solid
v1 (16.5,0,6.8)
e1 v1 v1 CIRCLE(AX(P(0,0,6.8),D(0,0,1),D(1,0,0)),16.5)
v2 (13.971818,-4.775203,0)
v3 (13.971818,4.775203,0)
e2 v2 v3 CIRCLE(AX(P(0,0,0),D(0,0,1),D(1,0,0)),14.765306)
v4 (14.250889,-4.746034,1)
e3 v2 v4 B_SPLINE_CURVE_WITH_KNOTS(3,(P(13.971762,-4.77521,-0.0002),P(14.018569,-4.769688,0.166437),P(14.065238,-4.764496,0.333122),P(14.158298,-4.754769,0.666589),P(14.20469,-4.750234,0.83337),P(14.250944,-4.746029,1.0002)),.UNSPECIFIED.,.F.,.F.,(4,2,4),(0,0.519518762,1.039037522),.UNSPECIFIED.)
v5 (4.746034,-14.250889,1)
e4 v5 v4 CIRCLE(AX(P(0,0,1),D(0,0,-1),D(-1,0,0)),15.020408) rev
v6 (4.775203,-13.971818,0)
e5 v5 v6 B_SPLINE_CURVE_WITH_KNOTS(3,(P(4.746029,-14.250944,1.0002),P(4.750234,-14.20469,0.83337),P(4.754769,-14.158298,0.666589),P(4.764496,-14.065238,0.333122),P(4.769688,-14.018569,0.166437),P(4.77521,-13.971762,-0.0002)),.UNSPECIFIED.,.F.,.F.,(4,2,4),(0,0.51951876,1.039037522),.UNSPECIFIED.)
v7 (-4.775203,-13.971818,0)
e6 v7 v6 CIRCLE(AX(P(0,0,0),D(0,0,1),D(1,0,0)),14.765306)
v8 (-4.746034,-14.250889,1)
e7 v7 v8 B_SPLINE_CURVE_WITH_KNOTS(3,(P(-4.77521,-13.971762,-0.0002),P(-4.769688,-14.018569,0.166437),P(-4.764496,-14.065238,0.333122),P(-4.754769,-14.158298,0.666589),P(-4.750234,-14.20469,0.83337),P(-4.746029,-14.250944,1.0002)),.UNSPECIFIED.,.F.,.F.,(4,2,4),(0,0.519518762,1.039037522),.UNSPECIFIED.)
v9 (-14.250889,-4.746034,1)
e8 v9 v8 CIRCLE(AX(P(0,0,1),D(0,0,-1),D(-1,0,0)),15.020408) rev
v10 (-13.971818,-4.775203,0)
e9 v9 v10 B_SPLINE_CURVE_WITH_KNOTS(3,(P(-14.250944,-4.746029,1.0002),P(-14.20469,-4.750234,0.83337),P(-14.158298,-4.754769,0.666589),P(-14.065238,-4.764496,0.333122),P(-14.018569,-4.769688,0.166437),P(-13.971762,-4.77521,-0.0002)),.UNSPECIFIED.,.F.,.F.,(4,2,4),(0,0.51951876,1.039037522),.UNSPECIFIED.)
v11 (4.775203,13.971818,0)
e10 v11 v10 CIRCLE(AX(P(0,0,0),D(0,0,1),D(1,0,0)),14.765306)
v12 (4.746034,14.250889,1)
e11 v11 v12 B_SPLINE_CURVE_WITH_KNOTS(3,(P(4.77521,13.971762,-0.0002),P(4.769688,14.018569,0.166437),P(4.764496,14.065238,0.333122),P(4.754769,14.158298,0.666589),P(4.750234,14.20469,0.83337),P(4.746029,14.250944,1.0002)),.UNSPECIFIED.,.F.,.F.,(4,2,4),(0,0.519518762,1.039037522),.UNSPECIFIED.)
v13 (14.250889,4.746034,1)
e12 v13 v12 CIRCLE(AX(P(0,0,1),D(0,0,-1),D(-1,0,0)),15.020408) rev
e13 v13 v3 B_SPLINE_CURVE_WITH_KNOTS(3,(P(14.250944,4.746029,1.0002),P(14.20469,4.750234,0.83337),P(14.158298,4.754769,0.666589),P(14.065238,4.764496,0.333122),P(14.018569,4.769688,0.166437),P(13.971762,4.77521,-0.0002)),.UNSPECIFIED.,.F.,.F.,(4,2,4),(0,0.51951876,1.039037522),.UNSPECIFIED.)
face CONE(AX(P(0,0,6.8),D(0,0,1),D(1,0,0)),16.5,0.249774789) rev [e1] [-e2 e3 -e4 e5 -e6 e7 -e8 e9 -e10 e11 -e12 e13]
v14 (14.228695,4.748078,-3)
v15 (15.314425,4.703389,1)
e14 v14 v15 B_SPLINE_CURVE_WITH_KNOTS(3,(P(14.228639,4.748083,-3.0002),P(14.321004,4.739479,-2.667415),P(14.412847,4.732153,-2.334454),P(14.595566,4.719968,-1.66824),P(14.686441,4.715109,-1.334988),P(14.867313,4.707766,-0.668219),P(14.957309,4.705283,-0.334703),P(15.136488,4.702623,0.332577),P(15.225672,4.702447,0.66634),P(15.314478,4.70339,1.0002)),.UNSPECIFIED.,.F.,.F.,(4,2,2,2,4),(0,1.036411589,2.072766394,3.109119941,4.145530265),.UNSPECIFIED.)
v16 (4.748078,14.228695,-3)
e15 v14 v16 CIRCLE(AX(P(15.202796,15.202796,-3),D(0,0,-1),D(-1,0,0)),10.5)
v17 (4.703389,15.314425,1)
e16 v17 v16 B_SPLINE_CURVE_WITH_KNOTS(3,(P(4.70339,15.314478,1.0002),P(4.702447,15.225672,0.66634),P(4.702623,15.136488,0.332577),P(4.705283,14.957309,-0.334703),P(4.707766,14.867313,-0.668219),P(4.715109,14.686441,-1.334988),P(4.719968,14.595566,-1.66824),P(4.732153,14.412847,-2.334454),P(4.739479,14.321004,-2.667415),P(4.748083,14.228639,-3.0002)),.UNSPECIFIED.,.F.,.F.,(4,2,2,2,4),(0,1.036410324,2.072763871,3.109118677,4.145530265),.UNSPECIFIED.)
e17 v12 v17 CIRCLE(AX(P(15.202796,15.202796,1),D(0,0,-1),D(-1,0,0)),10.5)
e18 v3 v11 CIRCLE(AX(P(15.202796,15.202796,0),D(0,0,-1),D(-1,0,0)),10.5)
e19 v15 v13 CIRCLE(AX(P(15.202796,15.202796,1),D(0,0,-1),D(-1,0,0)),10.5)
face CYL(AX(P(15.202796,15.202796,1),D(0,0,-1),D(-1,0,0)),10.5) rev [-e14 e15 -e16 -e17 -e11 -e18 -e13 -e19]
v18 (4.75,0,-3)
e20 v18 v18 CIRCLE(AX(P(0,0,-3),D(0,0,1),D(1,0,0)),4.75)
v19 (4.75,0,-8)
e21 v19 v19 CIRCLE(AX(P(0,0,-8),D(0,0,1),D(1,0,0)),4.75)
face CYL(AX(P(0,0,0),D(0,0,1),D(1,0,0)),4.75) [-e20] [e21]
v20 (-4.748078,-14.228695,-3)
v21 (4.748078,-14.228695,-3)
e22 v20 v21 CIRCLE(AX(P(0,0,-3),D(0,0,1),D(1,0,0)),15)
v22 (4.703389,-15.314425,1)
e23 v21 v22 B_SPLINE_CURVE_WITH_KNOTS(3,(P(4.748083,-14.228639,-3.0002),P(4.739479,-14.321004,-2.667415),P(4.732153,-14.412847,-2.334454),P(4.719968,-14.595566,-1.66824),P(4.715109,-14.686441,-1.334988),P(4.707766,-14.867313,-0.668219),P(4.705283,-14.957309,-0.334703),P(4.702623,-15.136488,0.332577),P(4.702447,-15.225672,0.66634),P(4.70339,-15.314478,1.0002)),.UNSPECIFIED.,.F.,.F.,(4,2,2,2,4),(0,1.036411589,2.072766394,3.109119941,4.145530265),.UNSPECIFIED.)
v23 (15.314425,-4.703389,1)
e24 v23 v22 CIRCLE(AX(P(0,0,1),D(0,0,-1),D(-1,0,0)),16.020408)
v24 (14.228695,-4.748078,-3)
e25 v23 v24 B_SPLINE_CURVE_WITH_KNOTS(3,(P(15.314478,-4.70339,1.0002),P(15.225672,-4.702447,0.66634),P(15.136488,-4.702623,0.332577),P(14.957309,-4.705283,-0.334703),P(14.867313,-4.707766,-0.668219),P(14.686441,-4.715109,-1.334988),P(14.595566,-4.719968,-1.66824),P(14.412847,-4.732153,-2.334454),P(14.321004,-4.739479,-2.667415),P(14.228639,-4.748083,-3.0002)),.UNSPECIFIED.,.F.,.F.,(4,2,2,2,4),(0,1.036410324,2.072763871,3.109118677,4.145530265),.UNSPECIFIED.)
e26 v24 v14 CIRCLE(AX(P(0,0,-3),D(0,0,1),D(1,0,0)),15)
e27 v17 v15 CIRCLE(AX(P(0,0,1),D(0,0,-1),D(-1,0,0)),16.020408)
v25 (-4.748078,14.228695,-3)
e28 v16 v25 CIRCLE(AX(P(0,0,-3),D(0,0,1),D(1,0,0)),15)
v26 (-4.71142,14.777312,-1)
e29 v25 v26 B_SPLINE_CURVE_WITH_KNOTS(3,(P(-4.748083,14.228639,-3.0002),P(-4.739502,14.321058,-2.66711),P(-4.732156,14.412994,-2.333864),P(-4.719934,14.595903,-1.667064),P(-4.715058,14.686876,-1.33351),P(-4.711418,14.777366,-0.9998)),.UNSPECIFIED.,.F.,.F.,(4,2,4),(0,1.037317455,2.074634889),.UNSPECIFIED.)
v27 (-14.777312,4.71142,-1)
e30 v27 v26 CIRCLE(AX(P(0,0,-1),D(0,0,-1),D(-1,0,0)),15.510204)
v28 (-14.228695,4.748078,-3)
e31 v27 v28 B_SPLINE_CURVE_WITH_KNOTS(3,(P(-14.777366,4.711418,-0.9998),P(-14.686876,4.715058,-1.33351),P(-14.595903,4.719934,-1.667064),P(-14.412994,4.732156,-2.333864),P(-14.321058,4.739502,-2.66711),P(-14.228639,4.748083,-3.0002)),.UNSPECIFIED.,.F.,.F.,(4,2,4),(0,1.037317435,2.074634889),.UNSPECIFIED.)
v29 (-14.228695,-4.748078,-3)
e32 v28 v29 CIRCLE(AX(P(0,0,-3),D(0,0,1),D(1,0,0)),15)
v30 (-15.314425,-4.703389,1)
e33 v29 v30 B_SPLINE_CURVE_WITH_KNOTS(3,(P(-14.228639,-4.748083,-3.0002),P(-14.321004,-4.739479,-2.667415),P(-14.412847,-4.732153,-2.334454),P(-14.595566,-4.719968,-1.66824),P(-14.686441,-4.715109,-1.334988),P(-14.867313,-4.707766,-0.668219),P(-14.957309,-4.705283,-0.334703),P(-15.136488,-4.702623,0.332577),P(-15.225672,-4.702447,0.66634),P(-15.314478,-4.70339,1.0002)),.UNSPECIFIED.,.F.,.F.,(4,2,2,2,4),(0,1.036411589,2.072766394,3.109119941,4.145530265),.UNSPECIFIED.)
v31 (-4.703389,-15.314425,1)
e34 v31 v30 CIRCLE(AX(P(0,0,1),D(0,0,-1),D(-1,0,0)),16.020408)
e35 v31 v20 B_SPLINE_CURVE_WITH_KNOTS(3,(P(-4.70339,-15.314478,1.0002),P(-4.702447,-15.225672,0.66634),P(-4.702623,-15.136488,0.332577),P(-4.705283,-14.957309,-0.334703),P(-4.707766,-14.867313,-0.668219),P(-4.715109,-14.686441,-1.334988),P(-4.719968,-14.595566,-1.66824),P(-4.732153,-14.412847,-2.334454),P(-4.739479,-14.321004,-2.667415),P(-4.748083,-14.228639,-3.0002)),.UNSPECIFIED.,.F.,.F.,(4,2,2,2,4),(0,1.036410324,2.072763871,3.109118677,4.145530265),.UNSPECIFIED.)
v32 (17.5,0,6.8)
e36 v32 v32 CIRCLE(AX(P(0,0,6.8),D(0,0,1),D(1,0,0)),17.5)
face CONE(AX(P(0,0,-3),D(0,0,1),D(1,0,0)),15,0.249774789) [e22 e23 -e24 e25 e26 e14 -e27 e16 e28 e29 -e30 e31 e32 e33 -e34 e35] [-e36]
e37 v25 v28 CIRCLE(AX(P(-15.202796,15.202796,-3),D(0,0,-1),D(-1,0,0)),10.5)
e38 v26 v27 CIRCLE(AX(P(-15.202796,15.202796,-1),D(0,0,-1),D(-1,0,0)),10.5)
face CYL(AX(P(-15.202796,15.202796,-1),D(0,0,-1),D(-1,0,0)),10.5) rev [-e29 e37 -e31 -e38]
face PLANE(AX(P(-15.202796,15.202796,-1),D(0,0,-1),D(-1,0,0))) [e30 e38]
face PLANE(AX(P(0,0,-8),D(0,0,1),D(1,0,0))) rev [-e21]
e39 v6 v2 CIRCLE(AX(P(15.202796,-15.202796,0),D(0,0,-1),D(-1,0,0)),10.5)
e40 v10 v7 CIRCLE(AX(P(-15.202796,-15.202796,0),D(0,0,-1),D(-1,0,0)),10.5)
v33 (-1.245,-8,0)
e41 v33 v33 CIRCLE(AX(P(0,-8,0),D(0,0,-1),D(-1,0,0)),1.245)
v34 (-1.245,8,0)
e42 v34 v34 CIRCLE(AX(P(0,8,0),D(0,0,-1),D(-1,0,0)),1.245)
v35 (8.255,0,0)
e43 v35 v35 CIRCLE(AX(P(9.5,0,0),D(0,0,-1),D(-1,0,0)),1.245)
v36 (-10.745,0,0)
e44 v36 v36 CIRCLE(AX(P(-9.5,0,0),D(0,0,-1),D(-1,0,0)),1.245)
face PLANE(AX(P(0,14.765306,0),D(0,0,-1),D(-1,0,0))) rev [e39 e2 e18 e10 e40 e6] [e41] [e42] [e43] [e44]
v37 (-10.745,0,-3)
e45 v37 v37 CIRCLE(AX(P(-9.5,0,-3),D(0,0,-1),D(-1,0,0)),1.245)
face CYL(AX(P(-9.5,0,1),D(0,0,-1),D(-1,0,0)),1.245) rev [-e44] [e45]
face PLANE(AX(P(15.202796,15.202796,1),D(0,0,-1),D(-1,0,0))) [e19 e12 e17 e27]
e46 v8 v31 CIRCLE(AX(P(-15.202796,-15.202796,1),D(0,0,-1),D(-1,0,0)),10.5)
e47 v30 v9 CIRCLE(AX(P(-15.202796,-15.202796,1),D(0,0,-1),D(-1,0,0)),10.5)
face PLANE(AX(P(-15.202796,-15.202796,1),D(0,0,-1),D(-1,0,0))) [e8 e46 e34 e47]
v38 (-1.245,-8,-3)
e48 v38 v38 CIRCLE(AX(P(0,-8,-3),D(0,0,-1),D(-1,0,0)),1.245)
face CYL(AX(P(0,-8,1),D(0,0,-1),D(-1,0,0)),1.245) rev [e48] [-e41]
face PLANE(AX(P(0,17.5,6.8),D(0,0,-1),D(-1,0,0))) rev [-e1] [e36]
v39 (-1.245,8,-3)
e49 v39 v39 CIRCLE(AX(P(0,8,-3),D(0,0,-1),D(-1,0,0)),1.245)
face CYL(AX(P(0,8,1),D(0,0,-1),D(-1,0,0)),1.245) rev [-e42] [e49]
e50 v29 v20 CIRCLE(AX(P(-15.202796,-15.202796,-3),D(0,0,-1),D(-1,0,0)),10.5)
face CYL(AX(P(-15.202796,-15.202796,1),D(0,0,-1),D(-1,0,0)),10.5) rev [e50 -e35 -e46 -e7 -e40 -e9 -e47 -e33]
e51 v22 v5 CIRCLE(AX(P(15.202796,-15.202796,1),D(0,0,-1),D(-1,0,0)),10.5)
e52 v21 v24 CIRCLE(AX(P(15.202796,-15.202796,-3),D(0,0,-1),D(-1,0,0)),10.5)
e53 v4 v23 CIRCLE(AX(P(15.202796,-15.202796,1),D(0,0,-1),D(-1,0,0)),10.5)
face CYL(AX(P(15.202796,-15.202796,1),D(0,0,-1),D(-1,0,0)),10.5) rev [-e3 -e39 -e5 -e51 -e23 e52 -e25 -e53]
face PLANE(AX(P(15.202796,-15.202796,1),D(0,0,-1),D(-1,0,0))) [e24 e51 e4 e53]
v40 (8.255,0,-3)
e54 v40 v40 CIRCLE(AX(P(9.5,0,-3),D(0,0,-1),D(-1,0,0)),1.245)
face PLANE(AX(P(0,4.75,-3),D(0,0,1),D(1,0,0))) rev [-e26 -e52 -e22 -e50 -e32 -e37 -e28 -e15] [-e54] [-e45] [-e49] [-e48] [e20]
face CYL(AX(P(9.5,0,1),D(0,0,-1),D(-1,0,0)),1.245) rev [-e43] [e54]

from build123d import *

# Parameters (mm, degrees)
SKETCH_2_R          = 1.245
SKETCH_2_R_2        = 10.5
CUT_EXTRUDE_1_DEPTH = 4
SKETCH_3_R          = 10.5
CUT_EXTRUDE_2_DEPTH = 2


with BuildPart() as part:
    # Эскиз1 → Повернуть1 (revolve)
    with BuildSketch(Plane(origin=(0, 0, 0), x_dir=(0, 0, -1), z_dir=(1, 0, 0)), mode=Mode.PRIVATE) as revolve_1_sk:
        Polygon((0, 0), (8, 0), (8, 4.75), (3, 4.75), (3, 15), (-6.8, 17.5), (-6.8, 16.5), (0, 14.765306122), align=None)
    revolve(revolve_1_sk.sketch.rotate(Axis((0, 0, 0), (0, 0, -1)), 90), axis=Axis((0, 0, 0), (0, 0, -1)))

    # Эскиз2 → Вырез-Вытянуть1 (cut)
    with BuildSketch(Plane(origin=(0, 0, -3), x_dir=(-1, 0, 0), z_dir=(0, 0, -1))):
        with Locations((0, 8)):
            Circle(SKETCH_2_R)
        with Locations((0, -8)):
            Circle(SKETCH_2_R)
        with Locations((9.5, 0)):
            Circle(SKETCH_2_R)
        with Locations((-9.5, 0)):
            Circle(SKETCH_2_R)
        with Locations((-15.202795796, -15.202795796)):
            Circle(SKETCH_2_R_2)
        with Locations((-15.202795796, 15.202795796)):
            Circle(SKETCH_2_R_2)
        with Locations((15.202795796, -15.202795796)):
            Circle(SKETCH_2_R_2)
    extrude(amount=-CUT_EXTRUDE_1_DEPTH, mode=Mode.SUBTRACT)

    # Эскиз3 → Вырез-Вытянуть2 (cut)
    with BuildSketch(Plane(origin=(0, 0, -3), x_dir=(-1, 0, 0), z_dir=(0, 0, -1))):
        with Locations((15.202795796, 15.202795796)):
            Circle(SKETCH_3_R)
    extrude(amount=-CUT_EXTRUDE_2_DEPTH, mode=Mode.SUBTRACT)


solid = part.part
